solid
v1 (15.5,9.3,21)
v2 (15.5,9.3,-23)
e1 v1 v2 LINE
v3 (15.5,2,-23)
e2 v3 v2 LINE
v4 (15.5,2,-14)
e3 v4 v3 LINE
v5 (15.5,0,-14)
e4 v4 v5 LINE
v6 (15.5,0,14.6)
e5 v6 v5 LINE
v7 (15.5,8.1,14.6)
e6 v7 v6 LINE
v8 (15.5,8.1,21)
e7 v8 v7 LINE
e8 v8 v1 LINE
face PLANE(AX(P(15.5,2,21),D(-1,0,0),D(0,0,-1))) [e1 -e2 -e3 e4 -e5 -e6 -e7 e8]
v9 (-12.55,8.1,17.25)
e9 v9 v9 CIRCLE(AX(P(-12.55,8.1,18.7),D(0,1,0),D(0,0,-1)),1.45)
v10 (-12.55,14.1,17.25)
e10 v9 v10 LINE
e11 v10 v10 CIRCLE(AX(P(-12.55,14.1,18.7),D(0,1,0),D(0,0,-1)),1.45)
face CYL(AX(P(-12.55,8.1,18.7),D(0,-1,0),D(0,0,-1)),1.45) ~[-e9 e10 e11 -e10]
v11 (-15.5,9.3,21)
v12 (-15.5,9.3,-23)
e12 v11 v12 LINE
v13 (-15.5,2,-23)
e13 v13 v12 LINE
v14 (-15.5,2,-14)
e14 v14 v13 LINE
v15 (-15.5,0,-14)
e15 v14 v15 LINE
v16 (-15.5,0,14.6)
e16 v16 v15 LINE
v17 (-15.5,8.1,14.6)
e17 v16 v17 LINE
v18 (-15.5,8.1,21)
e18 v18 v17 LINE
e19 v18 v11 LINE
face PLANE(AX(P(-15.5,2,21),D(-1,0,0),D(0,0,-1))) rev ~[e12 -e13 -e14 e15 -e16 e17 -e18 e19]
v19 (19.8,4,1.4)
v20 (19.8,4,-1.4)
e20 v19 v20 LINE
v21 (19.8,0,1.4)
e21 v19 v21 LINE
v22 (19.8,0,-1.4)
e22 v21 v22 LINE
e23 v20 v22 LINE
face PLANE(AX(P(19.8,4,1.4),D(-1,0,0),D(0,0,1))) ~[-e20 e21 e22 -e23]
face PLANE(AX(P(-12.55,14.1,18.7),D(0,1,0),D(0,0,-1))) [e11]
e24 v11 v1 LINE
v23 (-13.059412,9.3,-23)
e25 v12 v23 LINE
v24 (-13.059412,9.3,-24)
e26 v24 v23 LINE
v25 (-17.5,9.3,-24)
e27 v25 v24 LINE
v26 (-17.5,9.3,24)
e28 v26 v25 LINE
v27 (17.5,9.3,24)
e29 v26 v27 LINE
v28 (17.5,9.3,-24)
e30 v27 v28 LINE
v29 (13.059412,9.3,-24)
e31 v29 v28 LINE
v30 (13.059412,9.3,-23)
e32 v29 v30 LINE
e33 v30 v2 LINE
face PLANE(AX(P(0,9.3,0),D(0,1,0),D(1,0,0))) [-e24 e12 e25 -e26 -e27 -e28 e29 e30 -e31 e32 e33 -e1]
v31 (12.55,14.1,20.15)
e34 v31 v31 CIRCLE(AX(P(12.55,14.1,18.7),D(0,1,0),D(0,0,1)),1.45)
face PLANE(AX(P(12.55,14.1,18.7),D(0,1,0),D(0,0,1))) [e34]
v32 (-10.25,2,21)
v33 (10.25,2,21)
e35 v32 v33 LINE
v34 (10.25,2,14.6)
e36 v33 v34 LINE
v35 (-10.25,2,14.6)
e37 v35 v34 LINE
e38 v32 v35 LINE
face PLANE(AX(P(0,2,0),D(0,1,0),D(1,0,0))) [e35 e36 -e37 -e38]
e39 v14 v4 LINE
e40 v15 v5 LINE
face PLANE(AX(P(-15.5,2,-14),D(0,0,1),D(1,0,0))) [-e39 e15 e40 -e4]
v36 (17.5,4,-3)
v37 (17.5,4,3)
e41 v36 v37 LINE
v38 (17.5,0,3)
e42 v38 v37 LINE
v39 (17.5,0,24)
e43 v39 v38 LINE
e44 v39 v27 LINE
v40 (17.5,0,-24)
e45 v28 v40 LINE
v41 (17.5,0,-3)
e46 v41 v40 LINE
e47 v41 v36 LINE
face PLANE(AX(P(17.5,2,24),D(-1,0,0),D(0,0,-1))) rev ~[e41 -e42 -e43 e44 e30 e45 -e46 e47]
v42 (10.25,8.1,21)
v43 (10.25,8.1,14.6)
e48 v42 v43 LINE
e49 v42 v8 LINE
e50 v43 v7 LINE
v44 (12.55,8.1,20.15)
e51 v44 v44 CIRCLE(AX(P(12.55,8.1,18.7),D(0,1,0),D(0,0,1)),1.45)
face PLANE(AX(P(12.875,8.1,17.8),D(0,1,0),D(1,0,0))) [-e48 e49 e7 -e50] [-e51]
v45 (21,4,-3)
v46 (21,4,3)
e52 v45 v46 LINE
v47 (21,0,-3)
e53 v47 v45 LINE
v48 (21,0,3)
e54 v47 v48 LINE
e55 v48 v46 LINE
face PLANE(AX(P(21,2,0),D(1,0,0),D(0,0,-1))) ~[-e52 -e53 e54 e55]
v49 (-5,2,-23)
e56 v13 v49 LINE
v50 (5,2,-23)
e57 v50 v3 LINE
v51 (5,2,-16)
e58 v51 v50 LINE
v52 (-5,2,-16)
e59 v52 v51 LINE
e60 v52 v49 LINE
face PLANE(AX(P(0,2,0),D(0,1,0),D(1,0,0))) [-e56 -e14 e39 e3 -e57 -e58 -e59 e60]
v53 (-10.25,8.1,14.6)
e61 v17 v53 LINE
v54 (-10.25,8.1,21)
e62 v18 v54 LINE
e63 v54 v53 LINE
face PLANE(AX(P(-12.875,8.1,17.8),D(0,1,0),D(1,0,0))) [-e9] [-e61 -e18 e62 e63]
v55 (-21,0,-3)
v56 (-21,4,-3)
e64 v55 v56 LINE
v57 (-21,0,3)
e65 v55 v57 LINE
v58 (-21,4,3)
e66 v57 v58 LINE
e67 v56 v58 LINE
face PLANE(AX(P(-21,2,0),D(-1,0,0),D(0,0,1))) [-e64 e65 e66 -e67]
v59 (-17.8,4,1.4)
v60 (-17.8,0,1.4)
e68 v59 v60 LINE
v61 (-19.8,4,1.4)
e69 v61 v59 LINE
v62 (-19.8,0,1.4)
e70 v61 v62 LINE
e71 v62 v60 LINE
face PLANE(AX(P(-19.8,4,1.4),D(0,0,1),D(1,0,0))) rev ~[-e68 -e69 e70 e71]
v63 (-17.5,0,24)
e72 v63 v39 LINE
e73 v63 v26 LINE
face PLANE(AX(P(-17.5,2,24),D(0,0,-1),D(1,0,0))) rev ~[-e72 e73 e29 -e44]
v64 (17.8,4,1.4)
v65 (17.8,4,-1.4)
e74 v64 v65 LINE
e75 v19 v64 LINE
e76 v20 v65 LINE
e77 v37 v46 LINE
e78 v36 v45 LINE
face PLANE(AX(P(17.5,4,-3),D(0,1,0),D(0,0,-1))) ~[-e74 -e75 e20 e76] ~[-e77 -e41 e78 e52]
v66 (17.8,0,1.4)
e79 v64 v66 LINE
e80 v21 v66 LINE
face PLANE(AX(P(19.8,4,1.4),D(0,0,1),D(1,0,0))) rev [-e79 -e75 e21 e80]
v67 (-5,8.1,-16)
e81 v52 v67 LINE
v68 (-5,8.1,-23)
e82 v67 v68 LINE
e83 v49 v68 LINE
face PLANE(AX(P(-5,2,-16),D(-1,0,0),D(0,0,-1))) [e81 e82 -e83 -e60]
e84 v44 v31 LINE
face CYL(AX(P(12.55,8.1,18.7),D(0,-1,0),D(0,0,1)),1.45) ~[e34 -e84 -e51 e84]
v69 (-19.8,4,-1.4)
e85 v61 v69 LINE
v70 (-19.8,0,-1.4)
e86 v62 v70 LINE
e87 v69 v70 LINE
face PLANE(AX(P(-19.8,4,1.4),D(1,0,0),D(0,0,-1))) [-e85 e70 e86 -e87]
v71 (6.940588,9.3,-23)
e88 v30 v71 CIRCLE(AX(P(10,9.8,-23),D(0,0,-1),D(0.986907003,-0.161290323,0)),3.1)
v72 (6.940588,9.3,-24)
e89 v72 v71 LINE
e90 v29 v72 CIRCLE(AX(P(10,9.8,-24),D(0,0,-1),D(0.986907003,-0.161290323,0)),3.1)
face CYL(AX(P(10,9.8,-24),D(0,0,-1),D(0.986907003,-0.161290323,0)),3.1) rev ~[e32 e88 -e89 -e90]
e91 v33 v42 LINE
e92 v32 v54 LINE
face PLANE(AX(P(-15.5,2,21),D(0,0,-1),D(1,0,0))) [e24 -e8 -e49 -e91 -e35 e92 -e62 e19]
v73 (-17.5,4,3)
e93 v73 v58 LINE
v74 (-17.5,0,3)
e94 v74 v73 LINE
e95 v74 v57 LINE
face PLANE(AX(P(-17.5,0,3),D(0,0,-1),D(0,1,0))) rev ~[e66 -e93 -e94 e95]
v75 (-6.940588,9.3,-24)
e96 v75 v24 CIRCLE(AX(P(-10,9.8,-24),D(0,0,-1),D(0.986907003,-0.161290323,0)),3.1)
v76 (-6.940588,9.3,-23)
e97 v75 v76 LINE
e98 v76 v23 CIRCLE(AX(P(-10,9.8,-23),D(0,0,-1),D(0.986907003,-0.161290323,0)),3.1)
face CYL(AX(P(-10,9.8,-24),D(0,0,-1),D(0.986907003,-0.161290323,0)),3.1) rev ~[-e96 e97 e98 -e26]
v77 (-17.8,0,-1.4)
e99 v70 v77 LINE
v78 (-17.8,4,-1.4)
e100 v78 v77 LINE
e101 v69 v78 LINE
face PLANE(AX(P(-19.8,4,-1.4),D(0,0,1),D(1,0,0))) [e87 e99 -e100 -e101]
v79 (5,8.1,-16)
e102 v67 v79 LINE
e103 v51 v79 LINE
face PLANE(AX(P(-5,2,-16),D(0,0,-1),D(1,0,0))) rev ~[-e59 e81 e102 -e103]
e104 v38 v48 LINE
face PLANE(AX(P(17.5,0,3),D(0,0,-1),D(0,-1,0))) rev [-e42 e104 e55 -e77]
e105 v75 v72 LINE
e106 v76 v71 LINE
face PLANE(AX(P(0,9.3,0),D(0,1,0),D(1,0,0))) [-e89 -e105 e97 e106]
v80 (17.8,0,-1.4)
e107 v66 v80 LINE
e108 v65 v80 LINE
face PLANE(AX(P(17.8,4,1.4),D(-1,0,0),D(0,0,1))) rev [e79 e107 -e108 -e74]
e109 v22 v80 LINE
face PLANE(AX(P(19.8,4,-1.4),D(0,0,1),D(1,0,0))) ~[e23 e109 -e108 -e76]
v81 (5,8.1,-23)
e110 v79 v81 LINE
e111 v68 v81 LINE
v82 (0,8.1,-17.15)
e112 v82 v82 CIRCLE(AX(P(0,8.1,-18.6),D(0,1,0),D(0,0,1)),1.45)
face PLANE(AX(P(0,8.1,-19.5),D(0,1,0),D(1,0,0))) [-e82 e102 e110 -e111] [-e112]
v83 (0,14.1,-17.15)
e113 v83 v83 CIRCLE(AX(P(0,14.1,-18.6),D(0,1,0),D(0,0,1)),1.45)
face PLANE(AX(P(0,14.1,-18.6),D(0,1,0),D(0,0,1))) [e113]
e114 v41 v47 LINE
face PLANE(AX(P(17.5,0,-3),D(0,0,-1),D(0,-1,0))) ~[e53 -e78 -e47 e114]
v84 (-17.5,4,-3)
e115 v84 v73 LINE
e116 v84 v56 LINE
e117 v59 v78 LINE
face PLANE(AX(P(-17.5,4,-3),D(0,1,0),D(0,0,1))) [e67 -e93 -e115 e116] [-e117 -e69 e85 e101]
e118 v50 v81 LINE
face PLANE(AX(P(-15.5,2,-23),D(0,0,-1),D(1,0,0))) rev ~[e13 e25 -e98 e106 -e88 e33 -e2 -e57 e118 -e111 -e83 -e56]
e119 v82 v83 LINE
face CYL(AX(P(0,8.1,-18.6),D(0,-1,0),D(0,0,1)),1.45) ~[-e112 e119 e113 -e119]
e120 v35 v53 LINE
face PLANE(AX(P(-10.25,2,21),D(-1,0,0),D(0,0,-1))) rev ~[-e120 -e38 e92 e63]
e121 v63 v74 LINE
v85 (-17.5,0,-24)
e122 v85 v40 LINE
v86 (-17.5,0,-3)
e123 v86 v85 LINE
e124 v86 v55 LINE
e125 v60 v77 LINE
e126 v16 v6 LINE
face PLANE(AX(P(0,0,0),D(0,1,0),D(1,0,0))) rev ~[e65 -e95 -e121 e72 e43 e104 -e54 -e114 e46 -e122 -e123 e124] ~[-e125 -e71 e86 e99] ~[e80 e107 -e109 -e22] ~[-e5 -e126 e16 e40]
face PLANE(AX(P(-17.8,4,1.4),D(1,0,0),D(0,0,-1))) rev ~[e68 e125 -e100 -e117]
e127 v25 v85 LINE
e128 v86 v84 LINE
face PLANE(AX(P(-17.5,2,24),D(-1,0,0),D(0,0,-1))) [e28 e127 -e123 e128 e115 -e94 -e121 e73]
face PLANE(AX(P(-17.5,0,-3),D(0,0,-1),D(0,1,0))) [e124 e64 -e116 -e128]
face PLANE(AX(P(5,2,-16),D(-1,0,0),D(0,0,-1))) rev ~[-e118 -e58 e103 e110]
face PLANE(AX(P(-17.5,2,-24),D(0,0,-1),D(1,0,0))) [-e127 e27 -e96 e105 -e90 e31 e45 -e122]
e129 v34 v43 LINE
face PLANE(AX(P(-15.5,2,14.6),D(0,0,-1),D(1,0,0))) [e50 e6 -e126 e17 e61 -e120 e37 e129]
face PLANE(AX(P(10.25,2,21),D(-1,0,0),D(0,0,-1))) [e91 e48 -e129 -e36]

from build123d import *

# Parameters (mm, degrees)
SKETCH1_W           = 35
SKETCH1_H           = 48
BOSS_EXTRUDE1_DEPTH = 2
SKETCH2_W           = 35
SKETCH2_H           = 48
SKETCH2_W_2         = 31
SKETCH2_H_2         = 44
BOSS_EXTRUDE2_DEPTH = 7.3
SKETCH3_W           = 10
SKETCH3_H           = 7
SKETCH3_W_2         = 5.25
SKETCH3_H_2         = 6.4
BOSS_EXTRUDE3_DEPTH = 6.1
CUT_EXTRUDE5_DEPTH  = 1
SKETCH10_W          = 31
SKETCH10_H          = 28.6
CUT_EXTRUDE6_DEPTH  = 31.586598372
BOSS_EXTRUDE4_START = 8.1
SKETCH8_R           = 1.45
BOSS_EXTRUDE4_DEPTH = 6
SKETCH12_W          = 6
SKETCH12_H          = 4
BOSS_EXTRUDE5_DEPTH = 3.5
SKETCH13_W          = 2
SKETCH13_H          = 2.8
CUT_EXTRUDE7_DEPTH  = 4


with BuildPart() as part:
    # Sketch1 → Boss-Extrude1 (new body)
    with BuildSketch(Plane(origin=(0, 0, 0), x_dir=(1, 0, 0), z_dir=(0, 1, 0))):
        Rectangle(SKETCH1_W, SKETCH1_H)
    extrude(amount=BOSS_EXTRUDE1_DEPTH)

    # Sketch2 → Boss-Extrude2 (add)
    with BuildSketch(Plane(origin=(0, 2, 0), x_dir=(1, 0, 0), z_dir=(0, 1, 0))):
        Rectangle(SKETCH2_W, SKETCH2_H)
        with Locations((0, 1)):
            Rectangle(SKETCH2_W_2, SKETCH2_H_2, mode=Mode.SUBTRACT)
    extrude(amount=BOSS_EXTRUDE2_DEPTH)

    # Sketch3 → Boss-Extrude3 (add)
    with BuildSketch(Plane(origin=(0, 2, 0), x_dir=(1, 0, 0), z_dir=(0, 1, 0))):
        with Locations((0, 19.5)):
            Rectangle(SKETCH3_W, SKETCH3_H)
        with Locations((-12.875, -17.8)):
            Rectangle(SKETCH3_W_2, SKETCH3_H_2)
        with Locations((12.875, -17.8)):
            Rectangle(SKETCH3_W_2, SKETCH3_H_2)
    extrude(amount=BOSS_EXTRUDE3_DEPTH)

    # Sketch6 → Cut-Extrude5 (cut)
    with BuildSketch(Plane(origin=(0, 0, -24), x_dir=(-1, 0, 0), z_dir=(0, 0, -1))):
        with BuildLine():
            ThreePointArc((-13.059411708, 9.3), (-10, 6.7), (-6.940588292, 9.3))
            Line((-6.940588292, 9.3), (-13.059411708, 9.3))
        make_face()
        with BuildLine():
            Line((13.059411708, 9.3), (6.940588292, 9.3))
            ThreePointArc((6.940588292, 9.3), (10, 6.7), (13.059411708, 9.3))
        make_face()
    extrude(amount=-CUT_EXTRUDE5_DEPTH, mode=Mode.SUBTRACT)

    # Sketch10 → Cut-Extrude6 (cut, through all)
    with BuildSketch(Plane(origin=(0, 2, 0), x_dir=(1, 0, 0), z_dir=(0, 1, 0))):
        with Locations((0, -0.3)):
            Rectangle(SKETCH10_W, SKETCH10_H)
    extrude(amount=-CUT_EXTRUDE6_DEPTH, mode=Mode.SUBTRACT)

    # Sketch8 → Boss-Extrude4 (add)
    with BuildSketch(Plane(origin=(0, 0, 0), x_dir=(1, 0, 0), z_dir=(0, 1, 0)).offset(BOSS_EXTRUDE4_START)):
        with Locations(Location((-12.55, -18.7, 0), (0, 0, 90))):
            Circle(SKETCH8_R)
        with Locations(Location((12.55, -18.7, 0), (0, 0, 270))):
            Circle(SKETCH8_R)
        with Locations(Location((0, 18.6, 0), (0, 0, 270))):
            Circle(SKETCH8_R)
    extrude(amount=BOSS_EXTRUDE4_DEPTH)

    # Sketch12 → Boss-Extrude5 (add)
    with BuildSketch(Plane.ZY.offset(17.5)):
        with Locations((0, 2)):
            Rectangle(SKETCH12_W, SKETCH12_H)
    boss_extrude5 = extrude(amount=BOSS_EXTRUDE5_DEPTH)

    # Sketch13 → Cut-Extrude7 (cut)
    with BuildSketch(Plane(origin=(0, 4, 0), x_dir=(1, 0, 0), z_dir=(0, 1, 0))):
        with Locations((-18.8, 0)):
            Rectangle(SKETCH13_W, SKETCH13_H)
    cut_extrude7 = extrude(amount=-CUT_EXTRUDE7_DEPTH, mode=Mode.SUBTRACT)

    # Mirror1: Boss-Extrude5, Cut-Extrude7 across plane
    add(boss_extrude5.mirror(Plane(origin=(0, 0, 0), x_dir=(0, 0, 1), z_dir=(1, 0, 0))))
    add(cut_extrude7.mirror(Plane(origin=(0, 0, 0), x_dir=(0, 0, 1), z_dir=(1, 0, 0))), mode=Mode.SUBTRACT)


solid = part.part
